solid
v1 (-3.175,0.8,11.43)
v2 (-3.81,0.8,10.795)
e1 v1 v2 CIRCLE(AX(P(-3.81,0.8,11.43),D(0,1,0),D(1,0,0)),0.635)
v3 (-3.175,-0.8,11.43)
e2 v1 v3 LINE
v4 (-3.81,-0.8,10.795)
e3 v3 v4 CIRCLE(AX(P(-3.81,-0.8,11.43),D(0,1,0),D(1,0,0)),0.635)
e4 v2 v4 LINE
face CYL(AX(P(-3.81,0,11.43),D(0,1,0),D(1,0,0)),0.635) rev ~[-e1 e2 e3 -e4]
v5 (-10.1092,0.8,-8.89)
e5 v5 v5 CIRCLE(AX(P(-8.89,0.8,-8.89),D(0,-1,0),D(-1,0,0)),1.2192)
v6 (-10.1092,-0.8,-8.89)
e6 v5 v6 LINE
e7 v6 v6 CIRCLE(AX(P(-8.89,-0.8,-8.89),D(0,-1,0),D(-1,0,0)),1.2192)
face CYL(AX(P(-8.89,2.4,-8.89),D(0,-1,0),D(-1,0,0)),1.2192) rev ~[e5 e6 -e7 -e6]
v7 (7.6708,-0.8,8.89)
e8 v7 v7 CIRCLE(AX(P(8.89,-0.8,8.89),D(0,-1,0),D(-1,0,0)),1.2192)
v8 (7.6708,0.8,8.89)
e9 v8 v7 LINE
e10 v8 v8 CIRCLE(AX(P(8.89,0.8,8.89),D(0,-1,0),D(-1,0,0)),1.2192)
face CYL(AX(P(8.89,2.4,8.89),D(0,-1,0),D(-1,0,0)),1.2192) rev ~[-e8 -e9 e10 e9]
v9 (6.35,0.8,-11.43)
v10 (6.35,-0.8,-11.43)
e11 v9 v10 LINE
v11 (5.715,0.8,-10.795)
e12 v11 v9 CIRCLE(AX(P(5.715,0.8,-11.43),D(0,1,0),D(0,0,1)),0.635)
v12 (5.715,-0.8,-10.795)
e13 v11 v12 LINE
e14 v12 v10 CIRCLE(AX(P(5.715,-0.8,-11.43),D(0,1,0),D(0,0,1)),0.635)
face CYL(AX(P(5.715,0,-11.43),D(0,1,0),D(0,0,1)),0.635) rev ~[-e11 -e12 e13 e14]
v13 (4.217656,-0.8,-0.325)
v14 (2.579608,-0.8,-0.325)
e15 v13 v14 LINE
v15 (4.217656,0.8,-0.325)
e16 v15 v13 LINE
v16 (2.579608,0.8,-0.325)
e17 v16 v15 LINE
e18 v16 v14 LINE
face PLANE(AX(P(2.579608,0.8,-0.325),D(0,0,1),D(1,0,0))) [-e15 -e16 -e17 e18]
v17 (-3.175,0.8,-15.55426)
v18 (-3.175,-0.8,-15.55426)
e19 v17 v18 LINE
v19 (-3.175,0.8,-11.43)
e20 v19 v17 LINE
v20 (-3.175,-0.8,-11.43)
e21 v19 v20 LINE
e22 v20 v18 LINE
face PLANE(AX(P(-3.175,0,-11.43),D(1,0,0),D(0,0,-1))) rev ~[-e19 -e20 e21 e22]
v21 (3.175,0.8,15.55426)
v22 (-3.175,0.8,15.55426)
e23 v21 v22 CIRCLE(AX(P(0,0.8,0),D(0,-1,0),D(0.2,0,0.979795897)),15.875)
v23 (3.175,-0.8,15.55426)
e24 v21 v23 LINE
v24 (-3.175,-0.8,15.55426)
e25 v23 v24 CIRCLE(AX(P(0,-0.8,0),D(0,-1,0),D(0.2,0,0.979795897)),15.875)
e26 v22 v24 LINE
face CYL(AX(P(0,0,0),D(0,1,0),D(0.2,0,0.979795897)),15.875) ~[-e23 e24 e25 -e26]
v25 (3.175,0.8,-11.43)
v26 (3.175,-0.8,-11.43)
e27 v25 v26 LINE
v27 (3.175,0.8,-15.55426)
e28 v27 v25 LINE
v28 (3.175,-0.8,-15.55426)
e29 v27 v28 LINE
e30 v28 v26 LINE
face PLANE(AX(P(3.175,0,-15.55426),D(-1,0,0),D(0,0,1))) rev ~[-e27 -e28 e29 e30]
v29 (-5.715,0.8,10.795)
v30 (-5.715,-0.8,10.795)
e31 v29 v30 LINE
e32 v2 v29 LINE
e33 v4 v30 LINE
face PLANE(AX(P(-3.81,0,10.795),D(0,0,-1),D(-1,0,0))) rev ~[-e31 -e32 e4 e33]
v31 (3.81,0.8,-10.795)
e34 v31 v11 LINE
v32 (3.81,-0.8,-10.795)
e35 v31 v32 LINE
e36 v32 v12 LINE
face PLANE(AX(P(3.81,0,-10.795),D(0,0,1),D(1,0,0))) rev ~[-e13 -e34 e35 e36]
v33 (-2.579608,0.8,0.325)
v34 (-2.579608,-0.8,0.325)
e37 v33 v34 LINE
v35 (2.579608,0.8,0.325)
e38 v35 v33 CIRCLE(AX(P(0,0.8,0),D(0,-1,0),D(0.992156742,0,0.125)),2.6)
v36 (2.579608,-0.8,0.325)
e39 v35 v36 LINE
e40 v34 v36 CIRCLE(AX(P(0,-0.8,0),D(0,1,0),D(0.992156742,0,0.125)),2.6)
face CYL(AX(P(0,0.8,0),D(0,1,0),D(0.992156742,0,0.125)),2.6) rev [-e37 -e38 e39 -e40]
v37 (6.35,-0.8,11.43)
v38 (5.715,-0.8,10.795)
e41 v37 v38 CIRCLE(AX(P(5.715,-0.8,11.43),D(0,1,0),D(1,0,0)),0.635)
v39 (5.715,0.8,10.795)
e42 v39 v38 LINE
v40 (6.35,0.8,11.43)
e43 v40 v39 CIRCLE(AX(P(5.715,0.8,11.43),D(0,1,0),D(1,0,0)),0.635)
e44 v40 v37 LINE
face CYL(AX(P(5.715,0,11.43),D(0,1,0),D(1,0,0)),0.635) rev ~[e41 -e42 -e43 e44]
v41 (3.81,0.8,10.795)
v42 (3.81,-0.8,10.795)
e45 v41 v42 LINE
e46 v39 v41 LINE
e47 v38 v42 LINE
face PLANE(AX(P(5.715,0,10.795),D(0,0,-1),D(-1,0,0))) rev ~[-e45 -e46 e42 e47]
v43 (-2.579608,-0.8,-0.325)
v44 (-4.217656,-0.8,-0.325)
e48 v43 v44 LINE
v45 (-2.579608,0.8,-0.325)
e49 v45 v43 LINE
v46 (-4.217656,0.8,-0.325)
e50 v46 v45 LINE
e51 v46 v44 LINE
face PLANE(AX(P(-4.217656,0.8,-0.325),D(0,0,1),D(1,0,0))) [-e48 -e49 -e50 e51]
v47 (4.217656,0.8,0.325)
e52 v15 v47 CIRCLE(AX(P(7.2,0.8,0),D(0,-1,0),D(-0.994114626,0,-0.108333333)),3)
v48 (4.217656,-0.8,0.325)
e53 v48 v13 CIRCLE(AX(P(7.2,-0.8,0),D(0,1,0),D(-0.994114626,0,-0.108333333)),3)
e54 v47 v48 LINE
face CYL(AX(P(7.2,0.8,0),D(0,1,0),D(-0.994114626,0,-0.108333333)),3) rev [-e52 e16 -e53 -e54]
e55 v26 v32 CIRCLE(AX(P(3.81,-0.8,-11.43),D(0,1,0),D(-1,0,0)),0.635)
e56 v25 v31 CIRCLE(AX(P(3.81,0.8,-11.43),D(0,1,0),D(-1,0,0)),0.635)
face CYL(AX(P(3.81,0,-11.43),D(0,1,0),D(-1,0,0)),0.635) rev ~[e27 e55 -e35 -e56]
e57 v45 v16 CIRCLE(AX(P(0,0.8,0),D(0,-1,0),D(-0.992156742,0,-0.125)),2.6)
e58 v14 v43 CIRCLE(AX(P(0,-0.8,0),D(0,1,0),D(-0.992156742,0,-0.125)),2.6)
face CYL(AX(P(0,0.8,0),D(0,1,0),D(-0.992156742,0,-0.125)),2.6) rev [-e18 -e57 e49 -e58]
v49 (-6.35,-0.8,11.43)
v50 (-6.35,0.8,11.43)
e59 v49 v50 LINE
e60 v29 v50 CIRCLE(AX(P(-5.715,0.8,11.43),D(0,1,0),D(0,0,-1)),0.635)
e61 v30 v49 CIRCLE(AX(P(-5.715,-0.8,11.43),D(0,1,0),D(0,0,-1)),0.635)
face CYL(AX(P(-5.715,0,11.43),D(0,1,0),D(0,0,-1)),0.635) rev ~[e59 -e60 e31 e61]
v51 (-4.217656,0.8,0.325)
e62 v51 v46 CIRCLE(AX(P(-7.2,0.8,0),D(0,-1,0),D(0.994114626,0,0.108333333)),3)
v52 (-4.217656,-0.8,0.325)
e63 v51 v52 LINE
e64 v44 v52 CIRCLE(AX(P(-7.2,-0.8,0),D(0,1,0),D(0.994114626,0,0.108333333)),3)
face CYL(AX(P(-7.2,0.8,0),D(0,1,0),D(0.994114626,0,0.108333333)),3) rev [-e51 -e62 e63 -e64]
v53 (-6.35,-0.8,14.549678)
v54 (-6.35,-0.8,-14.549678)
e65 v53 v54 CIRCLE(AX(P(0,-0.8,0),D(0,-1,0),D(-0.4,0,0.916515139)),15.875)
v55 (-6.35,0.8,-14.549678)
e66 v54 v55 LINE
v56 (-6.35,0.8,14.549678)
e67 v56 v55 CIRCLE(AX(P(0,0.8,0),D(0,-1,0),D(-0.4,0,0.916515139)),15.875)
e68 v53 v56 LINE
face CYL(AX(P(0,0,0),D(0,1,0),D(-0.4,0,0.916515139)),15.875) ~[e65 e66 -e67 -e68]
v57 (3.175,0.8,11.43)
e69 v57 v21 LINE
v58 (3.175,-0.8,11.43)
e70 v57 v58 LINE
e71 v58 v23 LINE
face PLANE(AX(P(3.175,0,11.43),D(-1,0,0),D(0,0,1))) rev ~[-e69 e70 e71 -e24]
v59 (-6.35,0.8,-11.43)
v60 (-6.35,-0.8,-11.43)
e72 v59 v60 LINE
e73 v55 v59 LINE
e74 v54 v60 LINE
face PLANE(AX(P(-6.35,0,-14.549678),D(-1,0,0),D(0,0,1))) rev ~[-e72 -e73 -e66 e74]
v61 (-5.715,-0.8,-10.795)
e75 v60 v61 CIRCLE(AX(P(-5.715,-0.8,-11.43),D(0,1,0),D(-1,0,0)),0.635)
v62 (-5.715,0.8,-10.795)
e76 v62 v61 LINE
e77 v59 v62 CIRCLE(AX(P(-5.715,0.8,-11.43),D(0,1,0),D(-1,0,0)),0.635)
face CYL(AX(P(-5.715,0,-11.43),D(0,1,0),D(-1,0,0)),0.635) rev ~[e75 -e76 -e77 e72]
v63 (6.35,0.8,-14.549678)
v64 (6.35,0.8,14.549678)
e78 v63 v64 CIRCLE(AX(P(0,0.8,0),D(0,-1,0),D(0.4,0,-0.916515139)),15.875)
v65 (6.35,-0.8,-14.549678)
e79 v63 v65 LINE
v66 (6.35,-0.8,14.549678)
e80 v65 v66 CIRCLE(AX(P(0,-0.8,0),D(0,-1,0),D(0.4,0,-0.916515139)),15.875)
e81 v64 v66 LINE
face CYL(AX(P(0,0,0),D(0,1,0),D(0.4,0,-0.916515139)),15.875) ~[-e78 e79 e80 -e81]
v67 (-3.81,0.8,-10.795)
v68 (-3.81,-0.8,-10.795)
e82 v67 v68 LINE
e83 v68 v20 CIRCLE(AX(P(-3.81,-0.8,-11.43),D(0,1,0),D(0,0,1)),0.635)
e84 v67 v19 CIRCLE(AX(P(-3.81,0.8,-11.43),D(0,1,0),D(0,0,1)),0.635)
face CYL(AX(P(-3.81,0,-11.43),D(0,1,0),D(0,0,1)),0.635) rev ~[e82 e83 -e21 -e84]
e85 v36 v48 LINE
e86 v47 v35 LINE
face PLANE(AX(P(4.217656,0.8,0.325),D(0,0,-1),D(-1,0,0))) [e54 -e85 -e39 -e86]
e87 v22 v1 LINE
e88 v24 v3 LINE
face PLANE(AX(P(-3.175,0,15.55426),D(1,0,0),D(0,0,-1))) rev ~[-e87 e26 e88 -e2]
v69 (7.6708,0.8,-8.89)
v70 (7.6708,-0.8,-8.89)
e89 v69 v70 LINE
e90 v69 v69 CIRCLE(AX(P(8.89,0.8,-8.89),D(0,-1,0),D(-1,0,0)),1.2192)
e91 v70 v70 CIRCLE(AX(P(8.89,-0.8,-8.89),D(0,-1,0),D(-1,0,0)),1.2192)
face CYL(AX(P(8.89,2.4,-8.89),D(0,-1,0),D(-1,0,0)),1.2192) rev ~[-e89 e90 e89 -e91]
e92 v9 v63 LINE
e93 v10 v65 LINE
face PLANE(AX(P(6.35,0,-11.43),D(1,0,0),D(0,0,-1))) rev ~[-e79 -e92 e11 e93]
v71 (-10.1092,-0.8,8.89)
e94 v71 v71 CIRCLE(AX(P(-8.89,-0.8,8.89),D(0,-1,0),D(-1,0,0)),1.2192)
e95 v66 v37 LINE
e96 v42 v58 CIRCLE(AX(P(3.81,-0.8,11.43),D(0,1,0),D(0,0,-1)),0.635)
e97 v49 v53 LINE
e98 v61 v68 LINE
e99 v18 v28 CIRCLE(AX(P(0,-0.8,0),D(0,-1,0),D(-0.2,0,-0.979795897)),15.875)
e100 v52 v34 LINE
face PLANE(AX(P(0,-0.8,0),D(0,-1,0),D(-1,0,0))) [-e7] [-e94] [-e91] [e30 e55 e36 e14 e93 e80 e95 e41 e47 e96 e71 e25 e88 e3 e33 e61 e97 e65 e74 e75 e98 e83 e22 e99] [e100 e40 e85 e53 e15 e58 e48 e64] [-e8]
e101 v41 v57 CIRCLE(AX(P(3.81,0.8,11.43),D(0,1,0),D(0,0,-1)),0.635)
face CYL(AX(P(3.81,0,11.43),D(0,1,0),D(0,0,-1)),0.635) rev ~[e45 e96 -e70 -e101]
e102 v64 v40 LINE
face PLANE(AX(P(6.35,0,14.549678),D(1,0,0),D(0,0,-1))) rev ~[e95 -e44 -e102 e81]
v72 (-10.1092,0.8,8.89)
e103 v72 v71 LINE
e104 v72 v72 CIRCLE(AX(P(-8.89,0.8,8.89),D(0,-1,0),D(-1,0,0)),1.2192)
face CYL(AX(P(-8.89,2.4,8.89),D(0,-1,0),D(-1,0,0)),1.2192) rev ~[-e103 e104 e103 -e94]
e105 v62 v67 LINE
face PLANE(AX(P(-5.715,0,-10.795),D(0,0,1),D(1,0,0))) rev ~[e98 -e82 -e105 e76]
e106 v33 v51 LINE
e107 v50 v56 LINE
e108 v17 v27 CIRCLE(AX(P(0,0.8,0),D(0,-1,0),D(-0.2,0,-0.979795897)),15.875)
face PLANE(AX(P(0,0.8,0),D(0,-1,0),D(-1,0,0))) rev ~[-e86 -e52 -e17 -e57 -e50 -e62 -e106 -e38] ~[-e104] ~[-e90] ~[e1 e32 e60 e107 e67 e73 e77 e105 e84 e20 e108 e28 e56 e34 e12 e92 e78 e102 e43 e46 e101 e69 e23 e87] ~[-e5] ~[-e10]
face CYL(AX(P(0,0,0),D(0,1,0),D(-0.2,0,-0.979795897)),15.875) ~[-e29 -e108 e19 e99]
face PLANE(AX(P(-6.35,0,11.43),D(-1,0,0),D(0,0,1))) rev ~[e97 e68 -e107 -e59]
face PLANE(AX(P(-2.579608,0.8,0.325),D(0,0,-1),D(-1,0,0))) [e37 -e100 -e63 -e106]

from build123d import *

# Parameters (mm, degrees)
BOSS_EXTRUDE1_DEPTH       = 0.8
CUT_EXTRUDE1_DEPTH        = 2.6
F_2_CLEARANCE_HOLE1_D     = 2.4384
F_2_CLEARANCE_HOLE1_DEPTH = 1.6


with BuildPart() as part:
    # Sketch1 → Boss-Extrude1 (new body, symmetric)
    with BuildSketch(Plane(origin=(0, 0, 0), x_dir=(1, 0, 0), z_dir=(0, 1, 0))):
        with BuildLine():
            Line((-6.35, 14.549677831), (-6.35, 11.43))
            ThreePointArc((-6.35, 11.43), (-6.164012806, 10.980987194), (-5.715, 10.795))
            Line((-5.715, 10.795), (-3.81, 10.795))
            ThreePointArc((-3.81, 10.795), (-3.360987194, 10.980987194), (-3.175, 11.43))
            Line((-3.175, 11.43), (-3.175, 15.554259867))
            ThreePointArc((-3.175, 15.554259867), (0, 15.875), (3.175, 15.554259867))
            Line((3.175, 15.554259867), (3.175, 11.43))
            ThreePointArc((3.175, 11.43), (3.360987194, 10.980987194), (3.81, 10.795))
            Line((3.81, 10.795), (5.715, 10.795))
            ThreePointArc((5.715, 10.795), (6.164012806, 10.980987194), (6.35, 11.43))
            Line((6.35, 11.43), (6.35, 14.549677831))
            ThreePointArc((6.35, 14.549677831), (15.875, 0), (6.35, -14.549677831))
            Line((6.35, -14.549677831), (6.35, -11.43))
            ThreePointArc((6.35, -11.43), (6.164012806, -10.980987194), (5.715, -10.795))
            Line((5.715, -10.795), (3.81, -10.795))
            ThreePointArc((3.81, -10.795), (3.360987194, -10.980987194), (3.175, -11.43))
            Line((3.175, -11.43), (3.175, -15.554259867))
            ThreePointArc((3.175, -15.554259867), (0, -15.875), (-3.175, -15.554259867))
            Line((-3.175, -15.554259867), (-3.175, -11.43))
            ThreePointArc((-3.175, -11.43), (-3.360987194, -10.980987194), (-3.81, -10.795))
            Line((-3.81, -10.795), (-5.715, -10.795))
            ThreePointArc((-5.715, -10.795), (-6.164012806, -10.980987194), (-6.35, -11.43))
            Line((-6.35, -11.43), (-6.35, -14.549677831))
            ThreePointArc((-6.35, -14.549677831), (-15.875, 0), (-6.35, 14.549677831))
        make_face()
    extrude(amount=BOSS_EXTRUDE1_DEPTH, both=True)

    # Sketch2 → Cut-Extrude1 (cut, through all)
    with BuildSketch(Plane(origin=(0, 0.8, 0), x_dir=(1, 0, 0), z_dir=(0, 1, 0))):
        with BuildLine():
            Line((-4.217656123, 0.325), (-2.579607528, 0.325))
            ThreePointArc((-2.579607528, 0.325), (0, 2.6), (2.579607528, 0.325))
            Line((2.579607528, 0.325), (4.217656123, 0.325))
            ThreePointArc((4.217656123, 0.325), (10.2, 0), (4.217656123, -0.325))
            Line((4.217656123, -0.325), (2.579607528, -0.325))
            ThreePointArc((2.579607528, -0.325), (0, -2.6), (-2.579607528, -0.325))
            Line((-2.579607528, -0.325), (-4.217656123, -0.325))
            ThreePointArc((-4.217656123, -0.325), (-10.2, 0), (-4.217656123, 0.325))
        make_face()
    extrude(amount=-CUT_EXTRUDE1_DEPTH, mode=Mode.SUBTRACT)

    # #2 Clearance Hole1
    with Locations(Plane(origin=(0, 0.8, 0), x_dir=(1, 0, 0), z_dir=(0, 1, 0))):
        with Locations((-8.89, 8.89), (8.89, 8.89), (-8.89, -8.89), (8.89, -8.89)):
            Hole(F_2_CLEARANCE_HOLE1_D / 2, depth=F_2_CLEARANCE_HOLE1_DEPTH)


solid = part.part
